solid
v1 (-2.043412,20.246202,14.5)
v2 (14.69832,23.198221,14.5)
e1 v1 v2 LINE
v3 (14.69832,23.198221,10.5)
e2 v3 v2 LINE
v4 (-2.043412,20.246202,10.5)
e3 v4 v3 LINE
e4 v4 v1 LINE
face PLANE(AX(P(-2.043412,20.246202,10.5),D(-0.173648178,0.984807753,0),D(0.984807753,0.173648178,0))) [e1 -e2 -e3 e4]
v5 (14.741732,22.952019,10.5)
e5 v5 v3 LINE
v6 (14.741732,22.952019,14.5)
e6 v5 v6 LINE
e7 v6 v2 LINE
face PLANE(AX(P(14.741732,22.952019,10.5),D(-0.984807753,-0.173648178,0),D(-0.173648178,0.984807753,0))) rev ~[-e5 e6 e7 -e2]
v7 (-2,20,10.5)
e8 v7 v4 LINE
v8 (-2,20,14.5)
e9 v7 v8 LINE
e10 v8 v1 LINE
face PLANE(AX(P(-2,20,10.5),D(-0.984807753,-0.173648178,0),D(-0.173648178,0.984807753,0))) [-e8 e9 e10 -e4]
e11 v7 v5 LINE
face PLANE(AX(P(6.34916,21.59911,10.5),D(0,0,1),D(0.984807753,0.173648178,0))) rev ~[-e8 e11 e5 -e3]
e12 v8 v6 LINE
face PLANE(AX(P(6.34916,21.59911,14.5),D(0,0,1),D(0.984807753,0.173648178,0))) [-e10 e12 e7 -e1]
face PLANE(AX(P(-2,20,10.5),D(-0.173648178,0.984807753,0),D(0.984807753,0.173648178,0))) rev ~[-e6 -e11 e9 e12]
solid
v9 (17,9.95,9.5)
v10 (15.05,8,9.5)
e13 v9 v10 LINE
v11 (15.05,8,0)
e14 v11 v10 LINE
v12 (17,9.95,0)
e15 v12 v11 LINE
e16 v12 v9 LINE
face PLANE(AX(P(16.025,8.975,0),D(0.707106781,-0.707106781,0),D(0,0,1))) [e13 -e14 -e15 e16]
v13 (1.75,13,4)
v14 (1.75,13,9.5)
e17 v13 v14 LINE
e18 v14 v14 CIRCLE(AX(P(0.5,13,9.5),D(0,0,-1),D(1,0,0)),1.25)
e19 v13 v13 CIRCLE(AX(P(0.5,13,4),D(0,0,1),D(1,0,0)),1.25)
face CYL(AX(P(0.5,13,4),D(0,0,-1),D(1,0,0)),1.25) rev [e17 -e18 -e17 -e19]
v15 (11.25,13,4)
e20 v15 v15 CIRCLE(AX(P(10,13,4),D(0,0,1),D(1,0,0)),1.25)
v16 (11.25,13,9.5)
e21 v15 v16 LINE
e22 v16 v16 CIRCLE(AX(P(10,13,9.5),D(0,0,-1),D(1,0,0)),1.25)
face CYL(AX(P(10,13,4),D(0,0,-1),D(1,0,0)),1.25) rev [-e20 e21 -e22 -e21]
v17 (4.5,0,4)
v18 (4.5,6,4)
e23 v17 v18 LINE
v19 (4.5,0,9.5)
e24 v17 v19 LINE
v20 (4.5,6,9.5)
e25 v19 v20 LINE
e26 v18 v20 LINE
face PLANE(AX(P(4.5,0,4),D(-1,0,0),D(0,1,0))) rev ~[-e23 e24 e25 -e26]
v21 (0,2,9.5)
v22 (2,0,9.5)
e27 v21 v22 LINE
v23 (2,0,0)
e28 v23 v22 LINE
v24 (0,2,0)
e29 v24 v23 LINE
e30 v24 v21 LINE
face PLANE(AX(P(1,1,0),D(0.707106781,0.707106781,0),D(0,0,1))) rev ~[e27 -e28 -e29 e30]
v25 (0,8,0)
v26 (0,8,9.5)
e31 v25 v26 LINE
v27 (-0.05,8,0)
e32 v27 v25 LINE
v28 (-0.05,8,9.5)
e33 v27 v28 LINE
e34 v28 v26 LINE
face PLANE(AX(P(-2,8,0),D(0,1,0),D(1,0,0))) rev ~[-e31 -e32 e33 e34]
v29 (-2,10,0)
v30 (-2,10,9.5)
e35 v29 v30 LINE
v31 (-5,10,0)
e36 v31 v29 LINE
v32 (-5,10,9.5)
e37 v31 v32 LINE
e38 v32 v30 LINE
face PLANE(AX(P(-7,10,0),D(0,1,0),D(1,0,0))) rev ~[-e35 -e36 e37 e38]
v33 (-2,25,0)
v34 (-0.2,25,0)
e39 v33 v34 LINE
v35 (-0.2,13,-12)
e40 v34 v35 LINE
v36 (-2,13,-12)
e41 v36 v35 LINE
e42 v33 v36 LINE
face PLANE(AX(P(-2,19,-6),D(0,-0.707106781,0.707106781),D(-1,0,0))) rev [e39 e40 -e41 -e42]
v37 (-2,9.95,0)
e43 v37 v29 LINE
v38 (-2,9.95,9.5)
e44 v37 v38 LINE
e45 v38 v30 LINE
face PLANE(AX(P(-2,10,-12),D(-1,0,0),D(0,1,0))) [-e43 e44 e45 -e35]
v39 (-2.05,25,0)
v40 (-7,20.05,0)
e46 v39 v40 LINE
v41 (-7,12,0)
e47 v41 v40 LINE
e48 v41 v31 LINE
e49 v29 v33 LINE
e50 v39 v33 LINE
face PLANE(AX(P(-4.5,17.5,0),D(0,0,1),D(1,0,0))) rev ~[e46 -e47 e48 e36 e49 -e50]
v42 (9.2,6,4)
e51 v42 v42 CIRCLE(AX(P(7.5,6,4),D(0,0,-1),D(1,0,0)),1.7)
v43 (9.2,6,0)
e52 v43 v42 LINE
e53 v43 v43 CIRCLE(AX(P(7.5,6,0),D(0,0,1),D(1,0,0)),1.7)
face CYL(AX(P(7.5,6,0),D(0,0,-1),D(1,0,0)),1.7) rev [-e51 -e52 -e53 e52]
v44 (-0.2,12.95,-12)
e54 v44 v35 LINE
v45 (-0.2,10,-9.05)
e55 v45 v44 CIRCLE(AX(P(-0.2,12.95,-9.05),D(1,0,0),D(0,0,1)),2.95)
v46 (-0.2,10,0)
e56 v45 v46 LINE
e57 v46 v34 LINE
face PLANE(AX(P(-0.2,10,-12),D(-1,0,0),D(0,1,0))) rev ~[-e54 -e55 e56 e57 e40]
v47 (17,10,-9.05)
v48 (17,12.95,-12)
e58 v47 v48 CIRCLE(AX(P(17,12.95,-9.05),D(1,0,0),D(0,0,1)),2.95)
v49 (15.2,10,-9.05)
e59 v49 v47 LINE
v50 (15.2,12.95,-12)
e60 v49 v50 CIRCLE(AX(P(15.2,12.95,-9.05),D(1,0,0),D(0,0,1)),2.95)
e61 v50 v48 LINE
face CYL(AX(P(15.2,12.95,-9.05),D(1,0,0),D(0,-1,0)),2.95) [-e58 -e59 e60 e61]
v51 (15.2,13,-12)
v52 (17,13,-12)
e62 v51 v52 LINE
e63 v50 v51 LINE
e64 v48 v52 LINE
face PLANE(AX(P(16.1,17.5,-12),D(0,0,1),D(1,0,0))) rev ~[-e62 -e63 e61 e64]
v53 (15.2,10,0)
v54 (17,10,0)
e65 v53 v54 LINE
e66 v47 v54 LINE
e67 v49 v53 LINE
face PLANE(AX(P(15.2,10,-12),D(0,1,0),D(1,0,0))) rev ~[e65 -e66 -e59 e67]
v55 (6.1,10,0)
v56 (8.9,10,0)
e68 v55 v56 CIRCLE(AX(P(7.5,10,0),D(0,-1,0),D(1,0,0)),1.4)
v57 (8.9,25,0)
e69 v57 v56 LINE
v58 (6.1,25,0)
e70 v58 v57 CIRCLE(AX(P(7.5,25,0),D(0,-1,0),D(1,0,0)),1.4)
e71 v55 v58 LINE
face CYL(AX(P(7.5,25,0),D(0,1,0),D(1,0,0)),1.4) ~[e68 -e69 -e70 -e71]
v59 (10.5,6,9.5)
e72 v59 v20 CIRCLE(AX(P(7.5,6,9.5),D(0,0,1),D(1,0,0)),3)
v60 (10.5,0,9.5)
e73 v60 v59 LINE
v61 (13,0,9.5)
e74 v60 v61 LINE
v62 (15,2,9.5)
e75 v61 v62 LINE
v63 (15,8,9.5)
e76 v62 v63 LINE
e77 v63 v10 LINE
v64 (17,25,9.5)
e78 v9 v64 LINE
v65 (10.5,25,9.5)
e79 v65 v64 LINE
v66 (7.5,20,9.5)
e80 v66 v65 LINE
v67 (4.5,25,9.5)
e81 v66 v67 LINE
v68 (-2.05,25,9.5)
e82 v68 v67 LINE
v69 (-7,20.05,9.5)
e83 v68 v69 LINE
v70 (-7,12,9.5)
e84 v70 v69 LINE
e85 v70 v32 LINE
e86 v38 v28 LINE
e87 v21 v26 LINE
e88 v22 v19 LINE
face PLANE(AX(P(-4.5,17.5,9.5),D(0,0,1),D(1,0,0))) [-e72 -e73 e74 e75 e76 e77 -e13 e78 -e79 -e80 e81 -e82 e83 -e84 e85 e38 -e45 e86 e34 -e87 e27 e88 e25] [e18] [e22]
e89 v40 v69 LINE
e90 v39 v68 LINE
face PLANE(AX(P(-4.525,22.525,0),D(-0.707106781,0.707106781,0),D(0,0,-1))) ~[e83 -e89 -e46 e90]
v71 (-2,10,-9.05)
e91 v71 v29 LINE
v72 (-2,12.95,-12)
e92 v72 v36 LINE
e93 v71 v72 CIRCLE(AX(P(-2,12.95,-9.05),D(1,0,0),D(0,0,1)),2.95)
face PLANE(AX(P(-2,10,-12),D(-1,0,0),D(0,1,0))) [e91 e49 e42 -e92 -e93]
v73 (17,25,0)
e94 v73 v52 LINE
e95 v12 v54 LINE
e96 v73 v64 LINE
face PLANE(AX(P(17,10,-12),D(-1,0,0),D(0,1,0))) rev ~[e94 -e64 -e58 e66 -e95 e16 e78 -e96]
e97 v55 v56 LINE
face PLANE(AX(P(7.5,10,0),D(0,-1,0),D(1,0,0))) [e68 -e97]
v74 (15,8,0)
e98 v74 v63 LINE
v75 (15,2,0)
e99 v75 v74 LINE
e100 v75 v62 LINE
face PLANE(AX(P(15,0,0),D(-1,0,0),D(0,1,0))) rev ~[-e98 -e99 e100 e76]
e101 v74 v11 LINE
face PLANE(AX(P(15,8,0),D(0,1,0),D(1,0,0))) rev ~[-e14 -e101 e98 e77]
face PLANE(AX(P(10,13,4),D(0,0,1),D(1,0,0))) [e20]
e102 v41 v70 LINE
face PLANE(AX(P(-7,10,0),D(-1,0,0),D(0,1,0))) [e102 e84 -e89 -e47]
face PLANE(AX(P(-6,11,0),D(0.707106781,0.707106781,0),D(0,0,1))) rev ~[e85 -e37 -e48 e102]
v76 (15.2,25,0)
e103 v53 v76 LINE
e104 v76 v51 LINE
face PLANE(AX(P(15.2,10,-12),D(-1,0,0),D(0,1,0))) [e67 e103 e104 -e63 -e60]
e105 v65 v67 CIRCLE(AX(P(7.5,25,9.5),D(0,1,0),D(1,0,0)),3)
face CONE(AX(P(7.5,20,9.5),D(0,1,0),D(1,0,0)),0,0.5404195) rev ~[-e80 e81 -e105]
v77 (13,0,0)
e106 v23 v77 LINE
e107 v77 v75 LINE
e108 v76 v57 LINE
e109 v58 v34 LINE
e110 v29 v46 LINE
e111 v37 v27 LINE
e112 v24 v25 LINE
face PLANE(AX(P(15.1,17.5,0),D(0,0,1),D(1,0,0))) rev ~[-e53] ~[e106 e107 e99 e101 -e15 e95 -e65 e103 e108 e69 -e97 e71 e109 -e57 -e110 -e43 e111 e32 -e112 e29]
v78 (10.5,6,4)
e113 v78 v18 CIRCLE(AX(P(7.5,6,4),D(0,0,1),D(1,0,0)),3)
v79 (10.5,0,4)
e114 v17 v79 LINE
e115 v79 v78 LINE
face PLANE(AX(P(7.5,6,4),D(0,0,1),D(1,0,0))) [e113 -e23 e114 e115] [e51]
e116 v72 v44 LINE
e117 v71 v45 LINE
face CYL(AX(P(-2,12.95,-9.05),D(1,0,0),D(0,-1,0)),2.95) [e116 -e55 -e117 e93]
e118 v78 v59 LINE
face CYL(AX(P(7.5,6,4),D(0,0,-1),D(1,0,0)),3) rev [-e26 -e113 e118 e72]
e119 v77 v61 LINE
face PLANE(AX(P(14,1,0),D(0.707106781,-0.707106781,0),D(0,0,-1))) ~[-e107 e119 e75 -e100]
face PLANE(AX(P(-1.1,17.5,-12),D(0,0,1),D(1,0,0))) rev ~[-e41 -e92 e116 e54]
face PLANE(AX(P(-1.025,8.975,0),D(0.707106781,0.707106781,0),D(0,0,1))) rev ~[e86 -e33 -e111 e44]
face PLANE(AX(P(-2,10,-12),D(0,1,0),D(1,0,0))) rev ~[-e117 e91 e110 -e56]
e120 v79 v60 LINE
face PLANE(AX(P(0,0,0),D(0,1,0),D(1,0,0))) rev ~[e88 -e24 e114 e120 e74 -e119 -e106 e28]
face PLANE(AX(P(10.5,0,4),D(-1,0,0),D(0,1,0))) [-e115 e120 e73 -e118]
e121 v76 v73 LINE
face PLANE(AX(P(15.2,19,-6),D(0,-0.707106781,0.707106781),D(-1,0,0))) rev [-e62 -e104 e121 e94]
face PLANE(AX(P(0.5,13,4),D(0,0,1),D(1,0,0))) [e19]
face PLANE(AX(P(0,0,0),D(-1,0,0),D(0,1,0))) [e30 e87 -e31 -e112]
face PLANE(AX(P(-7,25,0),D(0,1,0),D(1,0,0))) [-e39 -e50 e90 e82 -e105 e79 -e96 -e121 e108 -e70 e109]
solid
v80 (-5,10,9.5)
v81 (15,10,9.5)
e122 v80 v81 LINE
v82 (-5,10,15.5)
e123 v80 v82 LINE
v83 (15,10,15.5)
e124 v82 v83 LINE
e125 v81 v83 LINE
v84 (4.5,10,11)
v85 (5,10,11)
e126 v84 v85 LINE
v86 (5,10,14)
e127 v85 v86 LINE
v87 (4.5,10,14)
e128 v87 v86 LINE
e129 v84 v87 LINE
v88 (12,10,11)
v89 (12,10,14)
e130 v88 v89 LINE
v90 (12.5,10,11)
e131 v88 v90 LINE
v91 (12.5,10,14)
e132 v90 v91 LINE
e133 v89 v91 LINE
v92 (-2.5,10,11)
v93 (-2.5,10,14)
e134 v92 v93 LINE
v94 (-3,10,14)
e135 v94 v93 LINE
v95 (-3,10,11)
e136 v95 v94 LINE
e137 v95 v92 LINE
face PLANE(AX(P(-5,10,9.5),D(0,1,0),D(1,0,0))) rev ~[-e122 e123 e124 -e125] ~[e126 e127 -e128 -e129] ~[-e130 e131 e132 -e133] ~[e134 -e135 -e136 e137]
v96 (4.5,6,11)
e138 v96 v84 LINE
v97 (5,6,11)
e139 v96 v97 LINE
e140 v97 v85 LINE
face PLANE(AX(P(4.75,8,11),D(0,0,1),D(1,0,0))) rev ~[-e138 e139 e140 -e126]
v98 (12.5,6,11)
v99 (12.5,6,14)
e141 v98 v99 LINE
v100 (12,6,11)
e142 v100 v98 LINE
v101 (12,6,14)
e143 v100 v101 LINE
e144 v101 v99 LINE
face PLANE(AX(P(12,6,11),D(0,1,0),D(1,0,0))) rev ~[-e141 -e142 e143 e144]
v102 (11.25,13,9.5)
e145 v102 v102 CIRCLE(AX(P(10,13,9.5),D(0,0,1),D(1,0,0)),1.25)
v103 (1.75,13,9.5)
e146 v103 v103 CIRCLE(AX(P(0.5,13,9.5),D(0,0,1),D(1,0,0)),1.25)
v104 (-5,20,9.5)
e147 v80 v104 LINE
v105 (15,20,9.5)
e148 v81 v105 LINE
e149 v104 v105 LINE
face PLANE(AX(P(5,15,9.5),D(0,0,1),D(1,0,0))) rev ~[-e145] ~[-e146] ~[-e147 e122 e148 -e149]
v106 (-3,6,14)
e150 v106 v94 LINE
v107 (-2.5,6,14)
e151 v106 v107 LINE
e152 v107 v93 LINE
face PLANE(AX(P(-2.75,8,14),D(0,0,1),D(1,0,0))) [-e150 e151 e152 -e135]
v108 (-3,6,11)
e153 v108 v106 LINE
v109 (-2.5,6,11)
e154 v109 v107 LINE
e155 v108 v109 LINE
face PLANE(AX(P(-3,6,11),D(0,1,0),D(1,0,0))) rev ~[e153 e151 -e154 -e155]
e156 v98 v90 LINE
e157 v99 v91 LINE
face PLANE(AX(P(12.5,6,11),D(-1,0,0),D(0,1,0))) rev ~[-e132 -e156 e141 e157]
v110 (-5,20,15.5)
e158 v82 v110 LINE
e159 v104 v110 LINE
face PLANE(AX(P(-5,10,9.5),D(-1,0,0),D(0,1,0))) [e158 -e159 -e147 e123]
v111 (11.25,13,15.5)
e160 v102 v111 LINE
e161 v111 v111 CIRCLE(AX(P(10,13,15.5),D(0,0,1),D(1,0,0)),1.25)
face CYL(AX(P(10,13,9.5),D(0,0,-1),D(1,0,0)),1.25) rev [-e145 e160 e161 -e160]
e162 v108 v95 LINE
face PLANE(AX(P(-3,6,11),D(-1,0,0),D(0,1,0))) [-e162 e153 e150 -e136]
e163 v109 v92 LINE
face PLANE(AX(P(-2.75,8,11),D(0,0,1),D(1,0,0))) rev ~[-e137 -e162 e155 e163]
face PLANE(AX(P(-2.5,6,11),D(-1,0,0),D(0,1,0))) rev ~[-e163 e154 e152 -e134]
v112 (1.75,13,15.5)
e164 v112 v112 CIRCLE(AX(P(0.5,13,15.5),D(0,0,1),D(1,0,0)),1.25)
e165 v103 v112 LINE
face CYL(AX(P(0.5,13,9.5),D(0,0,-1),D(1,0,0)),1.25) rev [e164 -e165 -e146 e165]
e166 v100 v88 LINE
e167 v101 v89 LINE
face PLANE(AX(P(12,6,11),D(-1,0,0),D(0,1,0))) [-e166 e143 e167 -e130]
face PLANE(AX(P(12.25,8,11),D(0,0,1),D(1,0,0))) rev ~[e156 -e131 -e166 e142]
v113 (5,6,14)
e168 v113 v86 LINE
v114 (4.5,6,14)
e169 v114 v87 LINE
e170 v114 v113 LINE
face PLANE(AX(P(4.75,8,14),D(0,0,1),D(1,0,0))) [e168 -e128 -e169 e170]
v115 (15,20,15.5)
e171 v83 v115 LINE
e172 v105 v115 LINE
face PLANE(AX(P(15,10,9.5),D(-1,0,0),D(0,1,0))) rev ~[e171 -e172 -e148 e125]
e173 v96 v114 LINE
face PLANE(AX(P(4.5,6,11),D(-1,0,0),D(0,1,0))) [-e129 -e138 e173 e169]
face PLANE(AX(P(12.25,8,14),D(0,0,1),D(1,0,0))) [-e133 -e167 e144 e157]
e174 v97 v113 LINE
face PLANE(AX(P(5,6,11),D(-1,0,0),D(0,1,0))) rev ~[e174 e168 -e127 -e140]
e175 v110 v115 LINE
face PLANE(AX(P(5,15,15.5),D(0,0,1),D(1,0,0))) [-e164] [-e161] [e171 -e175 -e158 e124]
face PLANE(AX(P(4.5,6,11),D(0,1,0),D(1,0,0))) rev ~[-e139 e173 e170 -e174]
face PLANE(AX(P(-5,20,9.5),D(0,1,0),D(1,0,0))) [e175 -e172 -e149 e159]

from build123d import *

# Parameters (mm, degrees)
CYLINDER001_R          = 1.25
CYLINDER001_DEPTH      = 6
CYLINDER_R             = 1.25
CYLINDER_DEPTH         = 6
BOX003_W               = 0.5
BOX003_H               = 4
BOX003_DEPTH           = 3
BOX004_W               = 0.5
BOX004_H               = 4
BOX004_DEPTH           = 3
BOX005_W               = 0.5
BOX005_H               = 4
BOX005_DEPTH           = 3
BOX006_W               = 17
BOX006_H               = 0.25
BOX006_DEPTH           = 4
BOX006_PLACEMENT_ANGLE = 10
BOX002_W               = 20
BOX002_H               = 10
BOX002_DEPTH           = 6
CONE_ROLL_ANGLE        = -90
CYLINDER003_R          = 1.7
CYLINDER003_DEPTH      = 9.5
CYLINDER002_R          = 3
CYLINDER002_DEPTH      = 5.5
BOX008_W               = 6
BOX008_H               = 6
BOX008_DEPTH           = 5.5
CYLINDER005_R          = 1.25
CYLINDER005_DEPTH      = 6
CYLINDER006_R          = 1.25
CYLINDER006_DEPTH      = 6
BOX014_W               = 2
BOX014_H               = 2
BOX014_DEPTH           = 9.5
BOX_W                  = 2
BOX_H                  = 2
BOX_DEPTH              = 9.5
BOX011_W               = 1.8
BOX011_H               = 15
BOX011_DEPTH           = 21.5
BOX010_W               = 1.8
BOX010_H               = 15
BOX010_DEPTH           = 21.5
CYLINDER004_R          = 1.4
CYLINDER004_DEPTH      = 15
CYLINDER004_ROLL_ANGLE = 90
BOX013_W               = 0.2
BOX013_H               = 15
BOX013_DEPTH           = 9.5
BOX012_W               = 0.2
BOX012_H               = 15
BOX012_DEPTH           = 9.5
BOX009_W               = 5
BOX009_H               = 15
BOX009_DEPTH           = 9.5
BOX007_W               = 15
BOX007_H               = 25
BOX007_DEPTH           = 9.5
CHAMFER_1_SIZE         = 12
CHAMFER_2_SIZE         = 4.95
CHAMFER_3_SIZE         = 2
CHAMFER_4_SIZE         = 1.95
FILLET_R               = 2.95


with BuildPart() as cylinder001:
    # Cylinder001 → Cylinder001 (new body)
    with BuildSketch(Plane(origin=(5.5, 3, 0), x_dir=(1, 0, 0), z_dir=(0, 0, 1))):
        Circle(CYLINDER001_R)
    extrude(amount=CYLINDER001_DEPTH)


with BuildPart() as cylinder:
    # Cylinder → Cylinder (new body)
    with BuildSketch(Plane(origin=(15, 3, 0), x_dir=(1, 0, 0), z_dir=(0, 0, 1))):
        Circle(CYLINDER_R)
    extrude(amount=CYLINDER_DEPTH)


with BuildPart() as cube003:
    # Box003 → Box003 (new body)
    with BuildSketch(Plane(origin=(17, -4, 1.5), x_dir=(1, 0, 0), z_dir=(0, 0, 1))):
        with Locations((0.25, 2)):
            Rectangle(BOX003_W, BOX003_H)
    extrude(amount=BOX003_DEPTH)


with BuildPart() as cube004:
    # Box004 → Box004 (new body)
    with BuildSketch(Plane(origin=(9.5, -4, 1.5), x_dir=(1, 0, 0), z_dir=(0, 0, 1))):
        with Locations((0.25, 2)):
            Rectangle(BOX004_W, BOX004_H)
    extrude(amount=BOX004_DEPTH)


with BuildPart() as cube005:
    # Box005 → Box005 (new body)
    with BuildSketch(Plane(origin=(2, -4, 1.5), x_dir=(1, 0, 0), z_dir=(0, 0, 1))):
        with Locations((0.25, 2)):
            Rectangle(BOX005_W, BOX005_H)
    extrude(amount=BOX005_DEPTH)


with BuildPart() as cube006:
    # Box006 → Box006 (new body)
    with BuildSketch(Plane.XY):
        with Locations((8.5, 0.125)):
            Rectangle(BOX006_W, BOX006_H)
    extrude(amount=BOX006_DEPTH)


with BuildPart() as cube006_1:
    # Box006 placement: moved
    add(cube006.part.moved(Location((3, 10, 1))).rotate(Axis((3, 10, 1), (0, 0, 1)), BOX006_PLACEMENT_ANGLE))


with BuildPart() as do_not_print_microswitch:
    # Box002 → Box002 (new body)
    with BuildSketch(Plane.XY):
        with Locations((10, 5)):
            Rectangle(BOX002_W, BOX002_H)
    extrude(amount=BOX002_DEPTH)

    # Fusion: union Cube003, Cube004, Cube005, Cube006
    add(cube003.part)
    add(cube004.part)
    add(cube005.part)
    add(cube006_1.part)

    # Cut: cut Cylinder
    add(cylinder.part, mode=Mode.SUBTRACT)

    # Cut001: cut Cylinder001
    add(cylinder001.part, mode=Mode.SUBTRACT)


with BuildPart() as do_not_print_microswitch_1:
    # Cut001 placement: moved
    add(do_not_print_microswitch.part.moved(Location((-5, 10, 9.5))))


with BuildPart() as deltaadjustmentscrew:
    # Cone → Cone (revolve)
    with BuildSketch(Plane.XZ):
        Polygon((0, 0), (3, 5), (0, 5), align=None)
    revolve(axis=Axis((0, 0, 0), (0, 0, 1)))


with BuildPart() as deltaadjustmentscrew_1:
    # Cone roll: moved
    add(deltaadjustmentscrew.part.rotate(Axis((0, 0, 0), (1, 0, 0)), CONE_ROLL_ANGLE))


with BuildPart() as deltaadjustmentscrew_2:
    # Cone placement: moved
    add(deltaadjustmentscrew_1.part.moved(Location((7.5, 20, 9.5))))


with BuildPart() as deltam3:
    # Cylinder003 → Cylinder003 (new body)
    with BuildSketch(Plane(origin=(7.5, 6, 0), x_dir=(1, 0, 0), z_dir=(0, 0, 1))):
        Circle(CYLINDER003_R)
    extrude(amount=CYLINDER003_DEPTH)


with BuildPart() as deltacylinder:
    # Cylinder002 → Cylinder002 (new body)
    with BuildSketch(Plane(origin=(7.5, 6, 4), x_dir=(1, 0, 0), z_dir=(0, 0, 1))):
        Circle(CYLINDER002_R)
    extrude(amount=CYLINDER002_DEPTH)


with BuildPart() as deltanutpocket:
    # Box008 → Box008 (new body)
    with BuildSketch(Plane(origin=(4.5, 0, 4), x_dir=(1, 0, 0), z_dir=(0, 0, 1))):
        with Locations((3, 3)):
            Rectangle(BOX008_W, BOX008_H)
    extrude(amount=BOX008_DEPTH)

    # Fusion001: union DeltaCylinder
    add(deltacylinder.part)


with BuildPart() as cylinder005:
    # Cylinder005 → Cylinder005 (new body)
    with BuildSketch(Plane(origin=(10, 13, 4), x_dir=(1, 0, 0), z_dir=(0, 0, 1))):
        Circle(CYLINDER005_R)
    extrude(amount=CYLINDER005_DEPTH)


with BuildPart() as deltafusion:
    # Cylinder006 → Cylinder006 (new body)
    with BuildSketch(Plane(origin=(0.5, 13, 4), x_dir=(1, 0, 0), z_dir=(0, 0, 1))):
        Circle(CYLINDER006_R)
    extrude(amount=CYLINDER006_DEPTH)

    # Fusion003: union DeltaAdjustmentScrew, DeltaM3, DeltaNutPocket, Cylinder005
    add(deltaadjustmentscrew_2.part)
    add(deltam3.part)
    add(deltanutpocket.part)
    add(cylinder005.part)


with BuildPart() as cube007:
    # Box014 → Box014 (new body)
    with BuildSketch(Plane(origin=(15, 8, 0), x_dir=(1, 0, 0), z_dir=(0, 0, 1))):
        with Locations((1, 1)):
            Rectangle(BOX014_W, BOX014_H)
    extrude(amount=BOX014_DEPTH)


with BuildPart() as cube:
    # Box → Box (new body)
    with BuildSketch(Plane(origin=(-2, 8, 0), x_dir=(1, 0, 0), z_dir=(0, 0, 1))):
        with Locations((1, 1)):
            Rectangle(BOX_W, BOX_H)
    extrude(amount=BOX_DEPTH)


with BuildPart() as sideright:
    # Box011 → Box011 (new body)
    with BuildSketch(Plane(origin=(-2, 10, -12), x_dir=(1, 0, 0), z_dir=(0, 0, 1))):
        with Locations((0.9, 7.5)):
            Rectangle(BOX011_W, BOX011_H)
    extrude(amount=BOX011_DEPTH)


with BuildPart() as sideleft:
    # Box010 → Box010 (new body)
    with BuildSketch(Plane(origin=(15.2, 10, -12), x_dir=(1, 0, 0), z_dir=(0, 0, 1))):
        with Locations((0.9, 7.5)):
            Rectangle(BOX010_W, BOX010_H)
    extrude(amount=BOX010_DEPTH)


with BuildPart() as snaptoextrusion:
    # Cylinder004 → Cylinder004 (new body)
    with BuildSketch(Plane.XY):
        Circle(CYLINDER004_R)
    extrude(amount=CYLINDER004_DEPTH)


with BuildPart() as snaptoextrusion_1:
    # Cylinder004 roll: moved
    add(snaptoextrusion.part.rotate(Axis((0, 0, 0), (1, 0, 0)), CYLINDER004_ROLL_ANGLE))


with BuildPart() as snaptoextrusion_2:
    # Cylinder004 placement: moved
    add(snaptoextrusion_1.part.moved(Location((7.5, 25, 0))))


with BuildPart() as siderightdistance:
    # Box013 → Box013 (new body)
    with BuildSketch(Plane(origin=(-0.2, 10, 0), x_dir=(1, 0, 0), z_dir=(0, 0, 1))):
        with Locations((0.1, 7.5)):
            Rectangle(BOX013_W, BOX013_H)
    extrude(amount=BOX013_DEPTH)


with BuildPart() as sideleftdistance:
    # Box012 → Box012 (new body)
    with BuildSketch(Plane(origin=(15, 10, 0), x_dir=(1, 0, 0), z_dir=(0, 0, 1))):
        with Locations((0.1, 7.5)):
            Rectangle(BOX012_W, BOX012_H)
    extrude(amount=BOX012_DEPTH)


with BuildPart() as attachright:
    # Box009 → Box009 (new body)
    with BuildSketch(Plane(origin=(-7, 10, 0), x_dir=(1, 0, 0), z_dir=(0, 0, 1))):
        with Locations((2.5, 7.5)):
            Rectangle(BOX009_W, BOX009_H)
    extrude(amount=BOX009_DEPTH)


with BuildPart() as igus_endstop:
    # Box007 → Box007 (new body)
    with BuildSketch(Plane.XY):
        with Locations((7.5, 12.5)):
            Rectangle(BOX007_W, BOX007_H)
    extrude(amount=BOX007_DEPTH)

    # Fusion002: union Cube007, Cube, SideRight, SideLeft, SnapToExtrusion, SideRightDistance, SideLeftDistance, AttachRight
    add(cube007.part)
    add(cube.part)
    add(sideright.part)
    add(sideleft.part)
    add(snaptoextrusion_2.part)
    add(siderightdistance.part)
    add(sideleftdistance.part)
    add(attachright.part)

    # Cut002: cut DeltaFusion
    add(deltafusion.part, mode=Mode.SUBTRACT)

    # Chamfer 1
    chamfer_1_edges = [igus_endstop.edges().sort_by_distance(p)[0] for p in [
        (-1.1, 25, -12),
        (16.1, 25, -12),
    ]]
    chamfer(chamfer_1_edges, length=CHAMFER_1_SIZE)

    # Chamfer 2
    chamfer_2_edges = [igus_endstop.edges().sort_by_distance(p)[0] for p in [
        (-7, 25, 4.75),
    ]]
    chamfer(chamfer_2_edges, length=CHAMFER_2_SIZE)

    # Chamfer 3
    chamfer_3_edges = [igus_endstop.edges().sort_by_distance(p)[0] for p in [
        (-7, 10, 4.75),
        (0, 0, 4.75),
        (15, 0, 4.75),
    ]]
    chamfer(chamfer_3_edges, length=CHAMFER_3_SIZE)

    # Chamfer 4
    chamfer_4_edges = [igus_endstop.edges().sort_by_distance(p)[0] for p in [
        (-2, 8, 4.75),
        (17, 8, 4.75),
    ]]
    chamfer(chamfer_4_edges, length=CHAMFER_4_SIZE)

    # Fillet
    fillet_edges = [igus_endstop.edges().sort_by_distance(p)[0] for p in [
        (-1.1, 10, -12),
        (16.1, 10, -12),
    ]]
    fillet(fillet_edges, radius=FILLET_R)


solid = Compound([do_not_print_microswitch_1.part, igus_endstop.part])
